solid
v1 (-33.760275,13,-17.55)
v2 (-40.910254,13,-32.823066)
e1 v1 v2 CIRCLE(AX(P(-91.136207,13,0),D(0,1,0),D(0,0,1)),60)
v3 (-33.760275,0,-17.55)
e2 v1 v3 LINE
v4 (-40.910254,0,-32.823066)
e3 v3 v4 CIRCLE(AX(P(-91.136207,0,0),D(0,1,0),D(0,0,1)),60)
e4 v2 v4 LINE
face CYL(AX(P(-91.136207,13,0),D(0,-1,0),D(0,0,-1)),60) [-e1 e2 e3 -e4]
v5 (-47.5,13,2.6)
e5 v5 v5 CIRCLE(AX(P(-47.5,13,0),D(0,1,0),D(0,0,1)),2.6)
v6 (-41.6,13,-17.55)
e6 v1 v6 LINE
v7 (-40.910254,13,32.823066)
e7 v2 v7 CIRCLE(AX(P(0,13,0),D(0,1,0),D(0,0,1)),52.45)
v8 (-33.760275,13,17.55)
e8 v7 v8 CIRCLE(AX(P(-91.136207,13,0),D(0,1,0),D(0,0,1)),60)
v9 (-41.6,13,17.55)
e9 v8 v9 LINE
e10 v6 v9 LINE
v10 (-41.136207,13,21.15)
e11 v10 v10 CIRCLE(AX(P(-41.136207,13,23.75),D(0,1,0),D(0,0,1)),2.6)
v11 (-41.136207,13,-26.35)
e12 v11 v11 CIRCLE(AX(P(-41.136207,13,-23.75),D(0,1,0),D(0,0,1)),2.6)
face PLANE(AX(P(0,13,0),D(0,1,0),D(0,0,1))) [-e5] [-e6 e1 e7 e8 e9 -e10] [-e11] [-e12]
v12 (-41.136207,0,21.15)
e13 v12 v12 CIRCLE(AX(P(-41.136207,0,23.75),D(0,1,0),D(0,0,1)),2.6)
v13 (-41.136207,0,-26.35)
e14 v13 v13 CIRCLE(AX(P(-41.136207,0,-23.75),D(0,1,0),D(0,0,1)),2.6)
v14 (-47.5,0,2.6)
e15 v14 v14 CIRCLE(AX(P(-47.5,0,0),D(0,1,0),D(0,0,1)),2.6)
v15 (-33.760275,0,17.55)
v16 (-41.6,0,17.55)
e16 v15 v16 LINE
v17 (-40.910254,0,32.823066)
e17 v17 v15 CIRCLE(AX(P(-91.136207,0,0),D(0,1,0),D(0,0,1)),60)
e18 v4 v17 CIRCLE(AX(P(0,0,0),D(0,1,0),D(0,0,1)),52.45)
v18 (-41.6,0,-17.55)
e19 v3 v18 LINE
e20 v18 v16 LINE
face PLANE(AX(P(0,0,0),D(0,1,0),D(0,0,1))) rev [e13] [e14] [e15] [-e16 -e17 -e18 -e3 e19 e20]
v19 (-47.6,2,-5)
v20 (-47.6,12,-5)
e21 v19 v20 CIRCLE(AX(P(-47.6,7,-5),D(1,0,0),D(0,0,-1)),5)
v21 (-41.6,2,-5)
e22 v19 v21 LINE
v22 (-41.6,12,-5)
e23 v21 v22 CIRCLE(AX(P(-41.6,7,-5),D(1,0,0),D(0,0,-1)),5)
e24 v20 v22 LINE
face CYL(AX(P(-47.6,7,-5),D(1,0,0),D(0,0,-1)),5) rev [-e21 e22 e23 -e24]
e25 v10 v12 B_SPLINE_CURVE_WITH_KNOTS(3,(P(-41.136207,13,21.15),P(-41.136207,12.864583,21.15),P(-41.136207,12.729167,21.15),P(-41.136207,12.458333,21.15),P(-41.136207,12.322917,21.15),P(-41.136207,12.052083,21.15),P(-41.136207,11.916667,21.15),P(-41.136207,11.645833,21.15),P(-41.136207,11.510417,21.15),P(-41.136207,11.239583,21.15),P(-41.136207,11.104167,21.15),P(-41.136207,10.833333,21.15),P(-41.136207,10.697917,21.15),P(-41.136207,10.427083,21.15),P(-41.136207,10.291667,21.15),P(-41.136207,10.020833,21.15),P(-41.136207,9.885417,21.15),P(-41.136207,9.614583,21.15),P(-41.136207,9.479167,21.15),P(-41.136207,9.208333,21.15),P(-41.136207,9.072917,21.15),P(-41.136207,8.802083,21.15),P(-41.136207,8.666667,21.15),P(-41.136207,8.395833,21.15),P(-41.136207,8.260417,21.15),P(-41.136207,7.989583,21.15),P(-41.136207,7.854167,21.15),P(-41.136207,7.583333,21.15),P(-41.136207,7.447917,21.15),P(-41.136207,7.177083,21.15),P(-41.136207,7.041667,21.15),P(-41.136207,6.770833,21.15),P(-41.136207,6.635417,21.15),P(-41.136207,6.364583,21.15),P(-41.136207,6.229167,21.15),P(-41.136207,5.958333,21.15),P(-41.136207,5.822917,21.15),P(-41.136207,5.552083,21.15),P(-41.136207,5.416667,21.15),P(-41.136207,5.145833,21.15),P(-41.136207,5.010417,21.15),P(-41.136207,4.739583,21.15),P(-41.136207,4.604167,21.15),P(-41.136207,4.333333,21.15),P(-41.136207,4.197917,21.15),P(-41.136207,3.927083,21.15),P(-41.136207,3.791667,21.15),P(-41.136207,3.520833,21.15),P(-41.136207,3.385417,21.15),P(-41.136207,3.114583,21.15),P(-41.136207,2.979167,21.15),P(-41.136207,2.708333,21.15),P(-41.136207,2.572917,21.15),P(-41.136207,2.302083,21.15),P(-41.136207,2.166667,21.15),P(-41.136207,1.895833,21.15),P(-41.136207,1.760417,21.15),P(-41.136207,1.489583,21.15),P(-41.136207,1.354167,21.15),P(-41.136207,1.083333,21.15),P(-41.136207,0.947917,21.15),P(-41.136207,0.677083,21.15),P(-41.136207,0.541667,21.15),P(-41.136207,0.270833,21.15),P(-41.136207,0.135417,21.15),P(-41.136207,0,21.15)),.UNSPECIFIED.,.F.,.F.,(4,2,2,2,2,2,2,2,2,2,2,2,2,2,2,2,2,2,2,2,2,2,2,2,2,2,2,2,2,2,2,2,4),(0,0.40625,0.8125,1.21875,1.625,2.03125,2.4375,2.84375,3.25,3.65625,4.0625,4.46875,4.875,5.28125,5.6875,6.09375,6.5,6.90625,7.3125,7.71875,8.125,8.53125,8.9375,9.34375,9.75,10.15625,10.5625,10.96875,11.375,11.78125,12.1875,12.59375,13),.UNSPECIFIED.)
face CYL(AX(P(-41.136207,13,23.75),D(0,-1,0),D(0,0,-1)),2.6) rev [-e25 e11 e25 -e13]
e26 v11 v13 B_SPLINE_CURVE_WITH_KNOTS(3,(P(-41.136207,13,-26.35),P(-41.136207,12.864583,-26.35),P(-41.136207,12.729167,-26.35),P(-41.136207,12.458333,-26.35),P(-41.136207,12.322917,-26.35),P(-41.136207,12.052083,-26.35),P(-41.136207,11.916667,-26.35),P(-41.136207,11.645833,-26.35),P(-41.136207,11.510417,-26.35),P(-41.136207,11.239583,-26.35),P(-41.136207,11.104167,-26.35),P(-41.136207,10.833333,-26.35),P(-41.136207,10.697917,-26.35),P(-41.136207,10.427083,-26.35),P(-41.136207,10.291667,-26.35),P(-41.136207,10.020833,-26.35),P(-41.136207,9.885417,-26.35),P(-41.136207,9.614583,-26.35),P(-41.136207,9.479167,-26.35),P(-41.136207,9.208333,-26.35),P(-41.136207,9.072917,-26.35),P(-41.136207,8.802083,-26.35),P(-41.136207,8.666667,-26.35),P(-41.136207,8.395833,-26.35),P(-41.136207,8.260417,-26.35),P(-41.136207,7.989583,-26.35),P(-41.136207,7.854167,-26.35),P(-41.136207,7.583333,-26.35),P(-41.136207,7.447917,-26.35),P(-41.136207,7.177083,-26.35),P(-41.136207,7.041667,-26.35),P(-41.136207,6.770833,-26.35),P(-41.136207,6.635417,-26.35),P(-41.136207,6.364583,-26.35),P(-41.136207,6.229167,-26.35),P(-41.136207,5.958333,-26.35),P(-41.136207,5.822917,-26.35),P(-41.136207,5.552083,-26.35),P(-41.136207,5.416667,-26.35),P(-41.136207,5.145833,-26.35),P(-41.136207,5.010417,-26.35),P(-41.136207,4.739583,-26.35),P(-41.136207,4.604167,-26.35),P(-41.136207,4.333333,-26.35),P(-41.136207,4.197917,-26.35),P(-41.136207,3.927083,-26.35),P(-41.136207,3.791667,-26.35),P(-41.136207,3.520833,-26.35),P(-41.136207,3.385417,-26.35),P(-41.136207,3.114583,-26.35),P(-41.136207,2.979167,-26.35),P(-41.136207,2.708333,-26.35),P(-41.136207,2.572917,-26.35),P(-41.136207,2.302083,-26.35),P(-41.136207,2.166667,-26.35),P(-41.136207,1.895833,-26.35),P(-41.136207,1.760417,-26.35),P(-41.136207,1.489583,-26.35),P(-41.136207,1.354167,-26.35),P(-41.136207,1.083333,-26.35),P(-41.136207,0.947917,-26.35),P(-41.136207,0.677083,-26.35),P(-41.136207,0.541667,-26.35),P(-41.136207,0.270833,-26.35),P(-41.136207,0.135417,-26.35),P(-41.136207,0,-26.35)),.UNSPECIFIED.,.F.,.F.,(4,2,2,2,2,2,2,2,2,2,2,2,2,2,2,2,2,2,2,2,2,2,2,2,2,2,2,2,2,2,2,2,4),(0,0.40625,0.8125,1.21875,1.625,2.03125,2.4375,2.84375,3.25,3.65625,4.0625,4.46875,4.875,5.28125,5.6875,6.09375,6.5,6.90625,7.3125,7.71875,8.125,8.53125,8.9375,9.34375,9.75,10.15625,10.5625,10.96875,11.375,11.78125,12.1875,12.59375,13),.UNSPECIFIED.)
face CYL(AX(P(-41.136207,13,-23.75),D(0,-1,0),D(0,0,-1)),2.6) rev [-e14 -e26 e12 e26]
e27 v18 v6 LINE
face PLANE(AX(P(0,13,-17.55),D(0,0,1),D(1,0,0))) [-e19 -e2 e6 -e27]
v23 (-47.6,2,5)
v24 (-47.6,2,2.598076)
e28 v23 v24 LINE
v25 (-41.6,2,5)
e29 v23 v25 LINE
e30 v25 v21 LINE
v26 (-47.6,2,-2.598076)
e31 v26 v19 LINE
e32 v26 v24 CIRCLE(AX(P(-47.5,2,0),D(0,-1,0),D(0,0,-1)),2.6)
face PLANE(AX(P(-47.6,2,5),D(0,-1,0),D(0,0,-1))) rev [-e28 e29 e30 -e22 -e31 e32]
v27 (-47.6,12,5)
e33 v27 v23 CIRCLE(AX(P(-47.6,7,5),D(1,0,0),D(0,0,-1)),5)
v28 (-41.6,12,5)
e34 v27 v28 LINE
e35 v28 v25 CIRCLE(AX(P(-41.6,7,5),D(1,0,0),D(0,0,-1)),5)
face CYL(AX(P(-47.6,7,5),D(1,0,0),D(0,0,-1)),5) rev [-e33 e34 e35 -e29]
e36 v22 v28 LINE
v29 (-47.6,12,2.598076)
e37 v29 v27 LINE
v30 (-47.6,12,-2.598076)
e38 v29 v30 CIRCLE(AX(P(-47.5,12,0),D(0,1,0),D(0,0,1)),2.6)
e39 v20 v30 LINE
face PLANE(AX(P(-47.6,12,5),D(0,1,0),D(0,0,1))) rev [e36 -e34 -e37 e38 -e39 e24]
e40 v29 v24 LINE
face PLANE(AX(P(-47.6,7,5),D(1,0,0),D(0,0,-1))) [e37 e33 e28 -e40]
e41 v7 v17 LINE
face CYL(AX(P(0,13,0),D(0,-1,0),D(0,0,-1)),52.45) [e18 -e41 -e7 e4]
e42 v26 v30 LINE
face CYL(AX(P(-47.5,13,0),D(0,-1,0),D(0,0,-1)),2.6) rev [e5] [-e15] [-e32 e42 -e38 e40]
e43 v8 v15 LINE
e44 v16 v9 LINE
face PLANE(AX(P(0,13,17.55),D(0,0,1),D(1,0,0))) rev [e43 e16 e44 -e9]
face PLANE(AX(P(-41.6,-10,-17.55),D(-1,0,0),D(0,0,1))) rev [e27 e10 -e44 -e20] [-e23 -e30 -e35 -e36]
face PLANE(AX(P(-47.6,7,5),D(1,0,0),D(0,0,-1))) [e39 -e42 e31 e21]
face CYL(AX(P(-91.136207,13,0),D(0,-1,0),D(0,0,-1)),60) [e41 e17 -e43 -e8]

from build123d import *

# Parameters (mm, degrees)
SKETCH_1_R          = 2.6
EXTRUDE_1_DEPTH     = 13
SKETCH_2_W          = 0.6
SKETCH_2_H          = 35.1
CUT_EXTRUDE_1_DEPTH = 23
CUT_EXTRUDE_2_DEPTH = 6


with BuildPart() as part:
    # 草图1 → 凸台-拉伸1 (new body)
    with BuildSketch(Plane(origin=(0, 0, 0), x_dir=(1, 0, 0), z_dir=(0, 1, 0))):
        with BuildLine():
            Line((-33.760275315, -17.55), (-41, -17.55))
            Line((-41, -17.55), (-41, 17.55))
            Line((-41, 17.55), (-33.760275315, 17.55))
            ThreePointArc((-33.760275315, 17.55), (-36.796000438, 25.438985546), (-40.910253672, 32.823065739))
            ThreePointArc((-40.910253672, 32.823065739), (-52.45, 0), (-40.910253672, -32.823065739))
            ThreePointArc((-40.910253672, -32.823065739), (-36.796000438, -25.438985546), (-33.760275315, -17.55))
        make_face()
        with Locations(Location((-41.13620668, -23.75, 0), (0, 0, 90))):
            Circle(SKETCH_1_R, mode=Mode.SUBTRACT)
        with Locations(Location((-41.13620668, 23.75, 0), (0, 0, 90))):
            Circle(SKETCH_1_R, mode=Mode.SUBTRACT)
        with Locations(Location((-47.5, 0, 0), (0, 0, 90))):
            Circle(SKETCH_1_R, mode=Mode.SUBTRACT)
    extrude(amount=EXTRUDE_1_DEPTH)

    # 草图2 → 切除-拉伸1 (cut)
    with BuildSketch(Plane(origin=(0, 13, 0), x_dir=(1, 0, 0), z_dir=(0, 1, 0))):
        with Locations((-41.3, 0)):
            Rectangle(SKETCH_2_W, SKETCH_2_H)
    extrude(amount=-CUT_EXTRUDE_1_DEPTH, mode=Mode.SUBTRACT)

    # 草图3 → 切除-拉伸2 (cut)
    with BuildSketch(Plane(origin=(-41.6, 0, 0), x_dir=(0, 0, -1), z_dir=(1, 0, 0))):
        with BuildLine():
            Line((-5, 12), (5, 12))
            ThreePointArc((5, 12), (10, 7), (5, 2))
            Line((5, 2), (-5, 2))
            ThreePointArc((-5, 2), (-10, 7), (-5, 12))
        make_face()
    extrude(amount=-CUT_EXTRUDE_2_DEPTH, mode=Mode.SUBTRACT)


solid = part.part
